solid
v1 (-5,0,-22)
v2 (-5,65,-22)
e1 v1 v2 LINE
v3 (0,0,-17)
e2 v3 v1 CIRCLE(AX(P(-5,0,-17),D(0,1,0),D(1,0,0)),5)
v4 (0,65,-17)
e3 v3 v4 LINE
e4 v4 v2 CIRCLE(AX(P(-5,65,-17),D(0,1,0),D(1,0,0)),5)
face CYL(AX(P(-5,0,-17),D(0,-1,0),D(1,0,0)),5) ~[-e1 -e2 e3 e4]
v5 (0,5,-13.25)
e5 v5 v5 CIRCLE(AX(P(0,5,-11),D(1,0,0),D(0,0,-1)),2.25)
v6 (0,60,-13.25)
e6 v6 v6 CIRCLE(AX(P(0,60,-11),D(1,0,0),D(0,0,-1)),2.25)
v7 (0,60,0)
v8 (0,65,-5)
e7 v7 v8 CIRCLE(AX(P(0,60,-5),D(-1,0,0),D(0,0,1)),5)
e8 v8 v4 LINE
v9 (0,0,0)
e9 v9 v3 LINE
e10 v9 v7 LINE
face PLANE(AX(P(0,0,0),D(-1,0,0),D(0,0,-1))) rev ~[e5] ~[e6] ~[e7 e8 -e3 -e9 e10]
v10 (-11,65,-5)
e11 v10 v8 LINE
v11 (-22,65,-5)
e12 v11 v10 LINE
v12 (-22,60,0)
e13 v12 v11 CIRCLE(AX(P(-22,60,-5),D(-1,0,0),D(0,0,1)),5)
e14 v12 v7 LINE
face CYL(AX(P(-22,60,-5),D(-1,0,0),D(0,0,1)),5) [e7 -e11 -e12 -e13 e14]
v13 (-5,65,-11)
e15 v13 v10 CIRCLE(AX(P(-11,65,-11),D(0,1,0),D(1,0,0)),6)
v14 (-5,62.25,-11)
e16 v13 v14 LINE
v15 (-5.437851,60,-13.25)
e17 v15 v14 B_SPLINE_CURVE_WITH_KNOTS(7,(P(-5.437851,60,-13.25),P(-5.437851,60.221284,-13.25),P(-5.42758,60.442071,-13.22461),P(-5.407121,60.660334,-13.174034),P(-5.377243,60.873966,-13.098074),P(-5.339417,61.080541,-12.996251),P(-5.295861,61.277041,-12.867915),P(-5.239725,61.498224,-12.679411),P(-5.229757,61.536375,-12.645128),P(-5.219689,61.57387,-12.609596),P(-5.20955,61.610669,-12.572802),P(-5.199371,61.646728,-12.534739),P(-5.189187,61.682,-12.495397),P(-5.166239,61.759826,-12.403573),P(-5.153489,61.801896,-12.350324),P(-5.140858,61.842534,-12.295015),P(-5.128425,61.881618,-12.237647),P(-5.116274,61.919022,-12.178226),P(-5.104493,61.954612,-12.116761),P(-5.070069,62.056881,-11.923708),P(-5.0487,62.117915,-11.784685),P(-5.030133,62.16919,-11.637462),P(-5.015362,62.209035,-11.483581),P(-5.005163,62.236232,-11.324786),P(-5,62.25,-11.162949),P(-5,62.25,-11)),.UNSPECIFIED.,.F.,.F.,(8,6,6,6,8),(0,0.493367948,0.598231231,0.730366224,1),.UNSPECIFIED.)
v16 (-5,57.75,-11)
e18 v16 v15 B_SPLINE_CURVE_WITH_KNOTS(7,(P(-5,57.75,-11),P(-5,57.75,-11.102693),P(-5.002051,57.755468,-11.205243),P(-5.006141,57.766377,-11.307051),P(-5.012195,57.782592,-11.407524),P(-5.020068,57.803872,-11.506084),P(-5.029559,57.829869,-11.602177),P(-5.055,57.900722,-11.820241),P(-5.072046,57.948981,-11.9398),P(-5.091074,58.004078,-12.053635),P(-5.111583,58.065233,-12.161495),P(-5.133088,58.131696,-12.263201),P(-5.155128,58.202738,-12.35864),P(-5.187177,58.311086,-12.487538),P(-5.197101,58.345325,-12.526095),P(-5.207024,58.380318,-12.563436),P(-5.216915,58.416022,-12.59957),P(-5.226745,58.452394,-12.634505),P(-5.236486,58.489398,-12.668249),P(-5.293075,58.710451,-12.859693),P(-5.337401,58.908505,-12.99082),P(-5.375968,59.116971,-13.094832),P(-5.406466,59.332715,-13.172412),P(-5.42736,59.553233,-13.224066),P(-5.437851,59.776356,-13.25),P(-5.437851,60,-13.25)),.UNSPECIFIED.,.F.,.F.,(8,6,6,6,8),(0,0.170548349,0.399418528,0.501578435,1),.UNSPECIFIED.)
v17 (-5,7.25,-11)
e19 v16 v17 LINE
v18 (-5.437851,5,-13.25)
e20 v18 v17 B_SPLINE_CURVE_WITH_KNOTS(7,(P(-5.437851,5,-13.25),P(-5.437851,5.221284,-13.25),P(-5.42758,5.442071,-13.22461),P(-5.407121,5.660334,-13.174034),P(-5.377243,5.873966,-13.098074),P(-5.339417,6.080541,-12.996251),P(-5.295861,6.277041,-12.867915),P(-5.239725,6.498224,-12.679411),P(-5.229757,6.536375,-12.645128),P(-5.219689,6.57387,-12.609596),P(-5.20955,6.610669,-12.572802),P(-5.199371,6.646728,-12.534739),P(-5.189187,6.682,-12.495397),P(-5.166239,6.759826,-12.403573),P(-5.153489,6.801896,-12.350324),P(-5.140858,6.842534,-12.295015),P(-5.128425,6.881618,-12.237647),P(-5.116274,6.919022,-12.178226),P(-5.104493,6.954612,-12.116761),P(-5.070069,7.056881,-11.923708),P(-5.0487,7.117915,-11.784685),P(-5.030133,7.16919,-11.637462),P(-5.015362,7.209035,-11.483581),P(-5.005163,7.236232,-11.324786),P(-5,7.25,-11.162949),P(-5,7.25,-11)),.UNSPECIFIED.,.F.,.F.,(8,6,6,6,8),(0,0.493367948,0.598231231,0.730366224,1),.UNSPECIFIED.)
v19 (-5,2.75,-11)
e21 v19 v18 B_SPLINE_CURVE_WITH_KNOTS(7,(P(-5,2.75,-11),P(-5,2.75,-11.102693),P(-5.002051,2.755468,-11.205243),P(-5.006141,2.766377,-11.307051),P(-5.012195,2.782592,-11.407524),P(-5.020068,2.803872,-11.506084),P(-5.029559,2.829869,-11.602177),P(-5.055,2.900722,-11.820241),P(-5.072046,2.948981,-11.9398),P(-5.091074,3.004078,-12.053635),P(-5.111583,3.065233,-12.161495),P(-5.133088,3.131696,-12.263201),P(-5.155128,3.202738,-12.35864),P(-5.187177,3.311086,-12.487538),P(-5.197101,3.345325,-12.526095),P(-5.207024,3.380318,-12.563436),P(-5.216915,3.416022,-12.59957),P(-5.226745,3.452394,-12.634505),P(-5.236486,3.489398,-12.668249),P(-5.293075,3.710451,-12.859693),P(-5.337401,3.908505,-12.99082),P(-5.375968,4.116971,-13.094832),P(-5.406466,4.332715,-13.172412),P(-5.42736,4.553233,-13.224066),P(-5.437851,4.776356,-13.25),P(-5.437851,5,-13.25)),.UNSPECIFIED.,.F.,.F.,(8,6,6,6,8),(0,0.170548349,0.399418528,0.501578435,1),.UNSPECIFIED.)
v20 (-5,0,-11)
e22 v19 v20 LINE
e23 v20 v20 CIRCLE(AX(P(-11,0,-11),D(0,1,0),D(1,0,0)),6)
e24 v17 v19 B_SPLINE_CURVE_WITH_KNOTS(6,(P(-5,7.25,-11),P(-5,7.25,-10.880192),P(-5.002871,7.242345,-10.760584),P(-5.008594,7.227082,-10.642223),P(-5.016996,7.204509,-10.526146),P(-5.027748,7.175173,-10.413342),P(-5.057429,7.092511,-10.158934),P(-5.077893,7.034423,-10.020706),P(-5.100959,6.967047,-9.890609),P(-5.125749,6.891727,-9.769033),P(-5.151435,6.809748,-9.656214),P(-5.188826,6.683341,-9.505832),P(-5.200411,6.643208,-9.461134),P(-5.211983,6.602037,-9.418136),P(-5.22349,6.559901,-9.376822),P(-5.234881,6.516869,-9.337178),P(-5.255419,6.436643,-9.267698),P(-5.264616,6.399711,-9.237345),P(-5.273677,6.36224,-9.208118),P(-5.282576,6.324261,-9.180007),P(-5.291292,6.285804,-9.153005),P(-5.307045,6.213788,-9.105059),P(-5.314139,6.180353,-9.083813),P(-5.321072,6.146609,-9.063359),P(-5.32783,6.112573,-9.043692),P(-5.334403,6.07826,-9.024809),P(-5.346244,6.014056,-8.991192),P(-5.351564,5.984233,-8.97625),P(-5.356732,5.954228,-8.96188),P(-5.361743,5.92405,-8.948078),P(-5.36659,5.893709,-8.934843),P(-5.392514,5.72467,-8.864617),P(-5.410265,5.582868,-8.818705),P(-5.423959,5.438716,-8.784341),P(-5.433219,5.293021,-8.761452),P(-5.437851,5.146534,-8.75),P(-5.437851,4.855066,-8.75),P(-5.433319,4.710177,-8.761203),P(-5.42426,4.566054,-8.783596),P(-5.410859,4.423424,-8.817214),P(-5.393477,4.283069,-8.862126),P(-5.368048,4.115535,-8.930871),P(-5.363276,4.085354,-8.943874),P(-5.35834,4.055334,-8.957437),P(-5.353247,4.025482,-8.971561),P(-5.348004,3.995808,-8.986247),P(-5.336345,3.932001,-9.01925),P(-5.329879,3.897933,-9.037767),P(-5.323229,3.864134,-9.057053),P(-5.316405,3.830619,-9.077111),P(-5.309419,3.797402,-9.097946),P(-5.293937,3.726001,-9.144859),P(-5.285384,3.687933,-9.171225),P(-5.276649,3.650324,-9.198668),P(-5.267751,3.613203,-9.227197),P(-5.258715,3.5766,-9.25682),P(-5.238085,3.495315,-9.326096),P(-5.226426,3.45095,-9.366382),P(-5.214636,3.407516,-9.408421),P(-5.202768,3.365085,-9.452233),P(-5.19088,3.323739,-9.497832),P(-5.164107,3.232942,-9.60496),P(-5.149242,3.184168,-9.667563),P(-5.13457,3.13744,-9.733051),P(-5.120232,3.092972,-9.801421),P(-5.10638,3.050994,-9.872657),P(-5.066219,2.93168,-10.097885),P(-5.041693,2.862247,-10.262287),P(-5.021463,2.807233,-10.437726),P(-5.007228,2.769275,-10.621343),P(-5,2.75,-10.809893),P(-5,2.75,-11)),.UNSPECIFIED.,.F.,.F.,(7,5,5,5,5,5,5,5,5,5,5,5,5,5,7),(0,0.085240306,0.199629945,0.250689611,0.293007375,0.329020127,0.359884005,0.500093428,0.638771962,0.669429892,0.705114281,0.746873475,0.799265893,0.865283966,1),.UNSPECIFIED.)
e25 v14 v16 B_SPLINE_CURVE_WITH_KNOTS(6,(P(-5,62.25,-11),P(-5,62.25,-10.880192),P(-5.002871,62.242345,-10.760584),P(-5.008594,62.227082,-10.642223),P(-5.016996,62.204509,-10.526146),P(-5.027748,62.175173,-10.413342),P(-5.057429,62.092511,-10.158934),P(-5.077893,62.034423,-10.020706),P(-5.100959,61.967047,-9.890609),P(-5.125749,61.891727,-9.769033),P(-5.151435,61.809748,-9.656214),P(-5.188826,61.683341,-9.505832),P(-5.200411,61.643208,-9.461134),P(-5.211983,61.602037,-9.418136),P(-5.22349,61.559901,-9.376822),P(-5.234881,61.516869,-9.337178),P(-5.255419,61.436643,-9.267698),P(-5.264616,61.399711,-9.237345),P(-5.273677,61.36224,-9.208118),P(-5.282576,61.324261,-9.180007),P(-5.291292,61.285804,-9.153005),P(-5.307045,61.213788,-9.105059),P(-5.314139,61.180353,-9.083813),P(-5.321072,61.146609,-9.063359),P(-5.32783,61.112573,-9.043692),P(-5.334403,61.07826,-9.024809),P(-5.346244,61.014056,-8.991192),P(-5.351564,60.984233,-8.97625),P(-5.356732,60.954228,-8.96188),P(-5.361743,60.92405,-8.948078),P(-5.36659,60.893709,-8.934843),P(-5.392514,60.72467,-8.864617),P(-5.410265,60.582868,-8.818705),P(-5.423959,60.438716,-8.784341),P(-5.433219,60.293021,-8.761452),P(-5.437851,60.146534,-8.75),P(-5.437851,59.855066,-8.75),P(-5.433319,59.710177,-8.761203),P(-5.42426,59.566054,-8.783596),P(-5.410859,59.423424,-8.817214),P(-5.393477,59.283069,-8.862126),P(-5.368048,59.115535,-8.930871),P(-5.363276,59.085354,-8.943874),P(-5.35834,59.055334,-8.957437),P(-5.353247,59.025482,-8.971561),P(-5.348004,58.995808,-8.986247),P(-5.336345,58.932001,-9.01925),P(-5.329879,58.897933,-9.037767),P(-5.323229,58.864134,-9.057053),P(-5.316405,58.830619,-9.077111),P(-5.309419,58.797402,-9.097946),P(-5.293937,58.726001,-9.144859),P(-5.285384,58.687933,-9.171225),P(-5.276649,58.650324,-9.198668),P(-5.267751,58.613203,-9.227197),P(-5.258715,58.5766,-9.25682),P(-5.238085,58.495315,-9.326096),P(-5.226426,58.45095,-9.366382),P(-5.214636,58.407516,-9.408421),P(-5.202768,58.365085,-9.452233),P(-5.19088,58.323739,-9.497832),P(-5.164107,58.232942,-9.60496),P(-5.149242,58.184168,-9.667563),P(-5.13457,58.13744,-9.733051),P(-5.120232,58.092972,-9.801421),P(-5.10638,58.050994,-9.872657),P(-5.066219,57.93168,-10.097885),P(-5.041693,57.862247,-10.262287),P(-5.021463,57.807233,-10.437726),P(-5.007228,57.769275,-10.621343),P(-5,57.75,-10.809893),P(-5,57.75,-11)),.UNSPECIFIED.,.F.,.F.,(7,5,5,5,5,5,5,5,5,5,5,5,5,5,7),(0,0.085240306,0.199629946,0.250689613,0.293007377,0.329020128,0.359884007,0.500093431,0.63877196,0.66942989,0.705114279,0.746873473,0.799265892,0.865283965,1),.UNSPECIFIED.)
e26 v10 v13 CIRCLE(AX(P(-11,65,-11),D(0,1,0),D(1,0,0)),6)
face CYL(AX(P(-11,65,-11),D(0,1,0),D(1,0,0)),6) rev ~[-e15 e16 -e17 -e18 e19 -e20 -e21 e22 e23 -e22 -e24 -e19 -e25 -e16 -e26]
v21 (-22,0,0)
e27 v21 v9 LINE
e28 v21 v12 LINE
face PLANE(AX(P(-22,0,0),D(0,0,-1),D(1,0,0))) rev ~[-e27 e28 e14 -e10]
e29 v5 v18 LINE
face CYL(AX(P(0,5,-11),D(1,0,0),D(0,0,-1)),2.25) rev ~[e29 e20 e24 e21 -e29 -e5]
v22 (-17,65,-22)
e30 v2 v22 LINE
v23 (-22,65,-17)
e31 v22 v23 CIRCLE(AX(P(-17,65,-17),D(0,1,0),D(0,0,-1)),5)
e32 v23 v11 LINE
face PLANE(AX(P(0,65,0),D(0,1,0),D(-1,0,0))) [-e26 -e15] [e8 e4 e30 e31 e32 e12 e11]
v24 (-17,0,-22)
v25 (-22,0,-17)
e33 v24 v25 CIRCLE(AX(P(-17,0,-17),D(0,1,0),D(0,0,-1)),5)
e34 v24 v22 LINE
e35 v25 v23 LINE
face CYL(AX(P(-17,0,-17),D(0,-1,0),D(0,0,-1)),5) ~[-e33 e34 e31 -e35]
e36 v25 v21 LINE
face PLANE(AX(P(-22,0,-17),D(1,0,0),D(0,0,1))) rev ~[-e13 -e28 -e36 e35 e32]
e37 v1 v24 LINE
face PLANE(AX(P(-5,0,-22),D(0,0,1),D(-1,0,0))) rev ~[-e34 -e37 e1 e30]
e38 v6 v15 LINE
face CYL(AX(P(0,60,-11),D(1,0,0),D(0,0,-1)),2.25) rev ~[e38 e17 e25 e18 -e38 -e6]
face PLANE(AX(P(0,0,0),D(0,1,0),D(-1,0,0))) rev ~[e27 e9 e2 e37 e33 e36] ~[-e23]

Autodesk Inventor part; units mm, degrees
ref_plane "YZ-Ebene" through (0, 0, 0) normal (1, 0, 0) x (0, 1, 0)
ref_plane "XZ-Ebene" through (0, 0, 0) normal (0, 1, 0) x (-1, 0, 0)
ref_plane "XY-Ebene" through (0, 0, 0) normal (0, 0, 1) x (1, 0, 0)
sketch "Skizze1" plane through (0, 0, 0) normal (0, 1, 0) x (-1, 0, 0)
  line L0 (22, 0) -> (0, 0)
  line L1 (0, 0) -> (0, -17)
  line L2 (5, -22) -> (17, -22)
  line L3 (22, -17) -> (22, 0)
  arc A0 (17, -22) -> (22, -17) centre (17, -17) ccw
  arc A1 (0, -17) -> (5, -22) centre (5, -17) ccw
  point P0 (0, 0)
  point P1 (22, 0)
  point P2 (0, -22)
  point P3 (0, 0)
  point P4 (22, -22)
  point P5 (0, 0)
  point P6 (0, 0)
  point P7 (0, 0)
  point P8 (22, 0)
  point P9 (22, 0)
  point P10 (22, 0)
  point P11 (0, -22)
  point P12 (0, -22)
  point P13 (0, -22)
  point P14 (22, 0)
  dimension "d0" = 22
  dimension "d1" = 22
  dimension "d32" = 5
  dimension "d37" = 5
extrude "Extrusion1" add sketch "Skizze1" along normal blind 65
sketch "Skizze2" plane through (0, 65, 0) normal (0, 1, 0) x (1, 0, 0)
  circle A0 centre (-11, 11) radius 6
  line L0 (-5, 22) -> (-17, 22) projected
  line L1 (0, 0) -> (0, 17) projected
  point P0 (0, 22)
  point P1 (-22, 22)
  point P2 (0, 22)
  dimension "d6" = 12
  dimension "d17" = 11
  dimension "d18" = 11
extrude "Extrusion2" cut sketch "Skizze2" against normal blind 84
sketch "Skizze3" plane through (0, 0, 0) normal (1, 0, 0) x (0, 0, -1)
  circle A0 centre (11, 60) radius 2.25
  circle A1 centre (11, 5) radius 2.25
  line L0 (22, 0) -> (22, 65) projected
  line L1 (0, 0) -> (17, 0) projected
  line L2 (0, 0) -> (0, 84) projected
  point P0 (22, 0)
  dimension "d11" = 5
  dimension "d12" = 55
  dimension "d13" = 4.5
  dimension "d14" = 4.5
  dimension "d28" = 11
  dimension "d29" = 11
extrude "Extrusion3" cut sketch "Skizze3" against normal blind 12
sketch "Skizze6" plane through (-22, 0, -17) normal (-1, 0, 0) x (0, 0, 1)
  line L0 (0, 0) -> (17, 0) projected
  line L1 (0, 65) -> (-5, 65) projected
  line L2 (12, 0) -> (-5, 0)
  line L3 (-5, 0) -> (-5, 65)
  line L4 (-5, 65) -> (12, 65)
  line L5 (17, 60) -> (17, 5)
  arc A0 (17, 60) -> (12, 65) centre (12, 60) ccw
  line L6 (17, 0) -> (-5, 0)
  line L7 (-5, 0) -> (-5, 65)
  line L8 (-5, 65) -> (17, 65)
  line L9 (17, 65) -> (17, 0)
  point P0 (12, 65)
  dimension "d33" = 5
extrude "Extrusion5" cut sketch "Skizze6" against normal blind 25 contours A0 L8 L9
properties part number "microscope_mount"
